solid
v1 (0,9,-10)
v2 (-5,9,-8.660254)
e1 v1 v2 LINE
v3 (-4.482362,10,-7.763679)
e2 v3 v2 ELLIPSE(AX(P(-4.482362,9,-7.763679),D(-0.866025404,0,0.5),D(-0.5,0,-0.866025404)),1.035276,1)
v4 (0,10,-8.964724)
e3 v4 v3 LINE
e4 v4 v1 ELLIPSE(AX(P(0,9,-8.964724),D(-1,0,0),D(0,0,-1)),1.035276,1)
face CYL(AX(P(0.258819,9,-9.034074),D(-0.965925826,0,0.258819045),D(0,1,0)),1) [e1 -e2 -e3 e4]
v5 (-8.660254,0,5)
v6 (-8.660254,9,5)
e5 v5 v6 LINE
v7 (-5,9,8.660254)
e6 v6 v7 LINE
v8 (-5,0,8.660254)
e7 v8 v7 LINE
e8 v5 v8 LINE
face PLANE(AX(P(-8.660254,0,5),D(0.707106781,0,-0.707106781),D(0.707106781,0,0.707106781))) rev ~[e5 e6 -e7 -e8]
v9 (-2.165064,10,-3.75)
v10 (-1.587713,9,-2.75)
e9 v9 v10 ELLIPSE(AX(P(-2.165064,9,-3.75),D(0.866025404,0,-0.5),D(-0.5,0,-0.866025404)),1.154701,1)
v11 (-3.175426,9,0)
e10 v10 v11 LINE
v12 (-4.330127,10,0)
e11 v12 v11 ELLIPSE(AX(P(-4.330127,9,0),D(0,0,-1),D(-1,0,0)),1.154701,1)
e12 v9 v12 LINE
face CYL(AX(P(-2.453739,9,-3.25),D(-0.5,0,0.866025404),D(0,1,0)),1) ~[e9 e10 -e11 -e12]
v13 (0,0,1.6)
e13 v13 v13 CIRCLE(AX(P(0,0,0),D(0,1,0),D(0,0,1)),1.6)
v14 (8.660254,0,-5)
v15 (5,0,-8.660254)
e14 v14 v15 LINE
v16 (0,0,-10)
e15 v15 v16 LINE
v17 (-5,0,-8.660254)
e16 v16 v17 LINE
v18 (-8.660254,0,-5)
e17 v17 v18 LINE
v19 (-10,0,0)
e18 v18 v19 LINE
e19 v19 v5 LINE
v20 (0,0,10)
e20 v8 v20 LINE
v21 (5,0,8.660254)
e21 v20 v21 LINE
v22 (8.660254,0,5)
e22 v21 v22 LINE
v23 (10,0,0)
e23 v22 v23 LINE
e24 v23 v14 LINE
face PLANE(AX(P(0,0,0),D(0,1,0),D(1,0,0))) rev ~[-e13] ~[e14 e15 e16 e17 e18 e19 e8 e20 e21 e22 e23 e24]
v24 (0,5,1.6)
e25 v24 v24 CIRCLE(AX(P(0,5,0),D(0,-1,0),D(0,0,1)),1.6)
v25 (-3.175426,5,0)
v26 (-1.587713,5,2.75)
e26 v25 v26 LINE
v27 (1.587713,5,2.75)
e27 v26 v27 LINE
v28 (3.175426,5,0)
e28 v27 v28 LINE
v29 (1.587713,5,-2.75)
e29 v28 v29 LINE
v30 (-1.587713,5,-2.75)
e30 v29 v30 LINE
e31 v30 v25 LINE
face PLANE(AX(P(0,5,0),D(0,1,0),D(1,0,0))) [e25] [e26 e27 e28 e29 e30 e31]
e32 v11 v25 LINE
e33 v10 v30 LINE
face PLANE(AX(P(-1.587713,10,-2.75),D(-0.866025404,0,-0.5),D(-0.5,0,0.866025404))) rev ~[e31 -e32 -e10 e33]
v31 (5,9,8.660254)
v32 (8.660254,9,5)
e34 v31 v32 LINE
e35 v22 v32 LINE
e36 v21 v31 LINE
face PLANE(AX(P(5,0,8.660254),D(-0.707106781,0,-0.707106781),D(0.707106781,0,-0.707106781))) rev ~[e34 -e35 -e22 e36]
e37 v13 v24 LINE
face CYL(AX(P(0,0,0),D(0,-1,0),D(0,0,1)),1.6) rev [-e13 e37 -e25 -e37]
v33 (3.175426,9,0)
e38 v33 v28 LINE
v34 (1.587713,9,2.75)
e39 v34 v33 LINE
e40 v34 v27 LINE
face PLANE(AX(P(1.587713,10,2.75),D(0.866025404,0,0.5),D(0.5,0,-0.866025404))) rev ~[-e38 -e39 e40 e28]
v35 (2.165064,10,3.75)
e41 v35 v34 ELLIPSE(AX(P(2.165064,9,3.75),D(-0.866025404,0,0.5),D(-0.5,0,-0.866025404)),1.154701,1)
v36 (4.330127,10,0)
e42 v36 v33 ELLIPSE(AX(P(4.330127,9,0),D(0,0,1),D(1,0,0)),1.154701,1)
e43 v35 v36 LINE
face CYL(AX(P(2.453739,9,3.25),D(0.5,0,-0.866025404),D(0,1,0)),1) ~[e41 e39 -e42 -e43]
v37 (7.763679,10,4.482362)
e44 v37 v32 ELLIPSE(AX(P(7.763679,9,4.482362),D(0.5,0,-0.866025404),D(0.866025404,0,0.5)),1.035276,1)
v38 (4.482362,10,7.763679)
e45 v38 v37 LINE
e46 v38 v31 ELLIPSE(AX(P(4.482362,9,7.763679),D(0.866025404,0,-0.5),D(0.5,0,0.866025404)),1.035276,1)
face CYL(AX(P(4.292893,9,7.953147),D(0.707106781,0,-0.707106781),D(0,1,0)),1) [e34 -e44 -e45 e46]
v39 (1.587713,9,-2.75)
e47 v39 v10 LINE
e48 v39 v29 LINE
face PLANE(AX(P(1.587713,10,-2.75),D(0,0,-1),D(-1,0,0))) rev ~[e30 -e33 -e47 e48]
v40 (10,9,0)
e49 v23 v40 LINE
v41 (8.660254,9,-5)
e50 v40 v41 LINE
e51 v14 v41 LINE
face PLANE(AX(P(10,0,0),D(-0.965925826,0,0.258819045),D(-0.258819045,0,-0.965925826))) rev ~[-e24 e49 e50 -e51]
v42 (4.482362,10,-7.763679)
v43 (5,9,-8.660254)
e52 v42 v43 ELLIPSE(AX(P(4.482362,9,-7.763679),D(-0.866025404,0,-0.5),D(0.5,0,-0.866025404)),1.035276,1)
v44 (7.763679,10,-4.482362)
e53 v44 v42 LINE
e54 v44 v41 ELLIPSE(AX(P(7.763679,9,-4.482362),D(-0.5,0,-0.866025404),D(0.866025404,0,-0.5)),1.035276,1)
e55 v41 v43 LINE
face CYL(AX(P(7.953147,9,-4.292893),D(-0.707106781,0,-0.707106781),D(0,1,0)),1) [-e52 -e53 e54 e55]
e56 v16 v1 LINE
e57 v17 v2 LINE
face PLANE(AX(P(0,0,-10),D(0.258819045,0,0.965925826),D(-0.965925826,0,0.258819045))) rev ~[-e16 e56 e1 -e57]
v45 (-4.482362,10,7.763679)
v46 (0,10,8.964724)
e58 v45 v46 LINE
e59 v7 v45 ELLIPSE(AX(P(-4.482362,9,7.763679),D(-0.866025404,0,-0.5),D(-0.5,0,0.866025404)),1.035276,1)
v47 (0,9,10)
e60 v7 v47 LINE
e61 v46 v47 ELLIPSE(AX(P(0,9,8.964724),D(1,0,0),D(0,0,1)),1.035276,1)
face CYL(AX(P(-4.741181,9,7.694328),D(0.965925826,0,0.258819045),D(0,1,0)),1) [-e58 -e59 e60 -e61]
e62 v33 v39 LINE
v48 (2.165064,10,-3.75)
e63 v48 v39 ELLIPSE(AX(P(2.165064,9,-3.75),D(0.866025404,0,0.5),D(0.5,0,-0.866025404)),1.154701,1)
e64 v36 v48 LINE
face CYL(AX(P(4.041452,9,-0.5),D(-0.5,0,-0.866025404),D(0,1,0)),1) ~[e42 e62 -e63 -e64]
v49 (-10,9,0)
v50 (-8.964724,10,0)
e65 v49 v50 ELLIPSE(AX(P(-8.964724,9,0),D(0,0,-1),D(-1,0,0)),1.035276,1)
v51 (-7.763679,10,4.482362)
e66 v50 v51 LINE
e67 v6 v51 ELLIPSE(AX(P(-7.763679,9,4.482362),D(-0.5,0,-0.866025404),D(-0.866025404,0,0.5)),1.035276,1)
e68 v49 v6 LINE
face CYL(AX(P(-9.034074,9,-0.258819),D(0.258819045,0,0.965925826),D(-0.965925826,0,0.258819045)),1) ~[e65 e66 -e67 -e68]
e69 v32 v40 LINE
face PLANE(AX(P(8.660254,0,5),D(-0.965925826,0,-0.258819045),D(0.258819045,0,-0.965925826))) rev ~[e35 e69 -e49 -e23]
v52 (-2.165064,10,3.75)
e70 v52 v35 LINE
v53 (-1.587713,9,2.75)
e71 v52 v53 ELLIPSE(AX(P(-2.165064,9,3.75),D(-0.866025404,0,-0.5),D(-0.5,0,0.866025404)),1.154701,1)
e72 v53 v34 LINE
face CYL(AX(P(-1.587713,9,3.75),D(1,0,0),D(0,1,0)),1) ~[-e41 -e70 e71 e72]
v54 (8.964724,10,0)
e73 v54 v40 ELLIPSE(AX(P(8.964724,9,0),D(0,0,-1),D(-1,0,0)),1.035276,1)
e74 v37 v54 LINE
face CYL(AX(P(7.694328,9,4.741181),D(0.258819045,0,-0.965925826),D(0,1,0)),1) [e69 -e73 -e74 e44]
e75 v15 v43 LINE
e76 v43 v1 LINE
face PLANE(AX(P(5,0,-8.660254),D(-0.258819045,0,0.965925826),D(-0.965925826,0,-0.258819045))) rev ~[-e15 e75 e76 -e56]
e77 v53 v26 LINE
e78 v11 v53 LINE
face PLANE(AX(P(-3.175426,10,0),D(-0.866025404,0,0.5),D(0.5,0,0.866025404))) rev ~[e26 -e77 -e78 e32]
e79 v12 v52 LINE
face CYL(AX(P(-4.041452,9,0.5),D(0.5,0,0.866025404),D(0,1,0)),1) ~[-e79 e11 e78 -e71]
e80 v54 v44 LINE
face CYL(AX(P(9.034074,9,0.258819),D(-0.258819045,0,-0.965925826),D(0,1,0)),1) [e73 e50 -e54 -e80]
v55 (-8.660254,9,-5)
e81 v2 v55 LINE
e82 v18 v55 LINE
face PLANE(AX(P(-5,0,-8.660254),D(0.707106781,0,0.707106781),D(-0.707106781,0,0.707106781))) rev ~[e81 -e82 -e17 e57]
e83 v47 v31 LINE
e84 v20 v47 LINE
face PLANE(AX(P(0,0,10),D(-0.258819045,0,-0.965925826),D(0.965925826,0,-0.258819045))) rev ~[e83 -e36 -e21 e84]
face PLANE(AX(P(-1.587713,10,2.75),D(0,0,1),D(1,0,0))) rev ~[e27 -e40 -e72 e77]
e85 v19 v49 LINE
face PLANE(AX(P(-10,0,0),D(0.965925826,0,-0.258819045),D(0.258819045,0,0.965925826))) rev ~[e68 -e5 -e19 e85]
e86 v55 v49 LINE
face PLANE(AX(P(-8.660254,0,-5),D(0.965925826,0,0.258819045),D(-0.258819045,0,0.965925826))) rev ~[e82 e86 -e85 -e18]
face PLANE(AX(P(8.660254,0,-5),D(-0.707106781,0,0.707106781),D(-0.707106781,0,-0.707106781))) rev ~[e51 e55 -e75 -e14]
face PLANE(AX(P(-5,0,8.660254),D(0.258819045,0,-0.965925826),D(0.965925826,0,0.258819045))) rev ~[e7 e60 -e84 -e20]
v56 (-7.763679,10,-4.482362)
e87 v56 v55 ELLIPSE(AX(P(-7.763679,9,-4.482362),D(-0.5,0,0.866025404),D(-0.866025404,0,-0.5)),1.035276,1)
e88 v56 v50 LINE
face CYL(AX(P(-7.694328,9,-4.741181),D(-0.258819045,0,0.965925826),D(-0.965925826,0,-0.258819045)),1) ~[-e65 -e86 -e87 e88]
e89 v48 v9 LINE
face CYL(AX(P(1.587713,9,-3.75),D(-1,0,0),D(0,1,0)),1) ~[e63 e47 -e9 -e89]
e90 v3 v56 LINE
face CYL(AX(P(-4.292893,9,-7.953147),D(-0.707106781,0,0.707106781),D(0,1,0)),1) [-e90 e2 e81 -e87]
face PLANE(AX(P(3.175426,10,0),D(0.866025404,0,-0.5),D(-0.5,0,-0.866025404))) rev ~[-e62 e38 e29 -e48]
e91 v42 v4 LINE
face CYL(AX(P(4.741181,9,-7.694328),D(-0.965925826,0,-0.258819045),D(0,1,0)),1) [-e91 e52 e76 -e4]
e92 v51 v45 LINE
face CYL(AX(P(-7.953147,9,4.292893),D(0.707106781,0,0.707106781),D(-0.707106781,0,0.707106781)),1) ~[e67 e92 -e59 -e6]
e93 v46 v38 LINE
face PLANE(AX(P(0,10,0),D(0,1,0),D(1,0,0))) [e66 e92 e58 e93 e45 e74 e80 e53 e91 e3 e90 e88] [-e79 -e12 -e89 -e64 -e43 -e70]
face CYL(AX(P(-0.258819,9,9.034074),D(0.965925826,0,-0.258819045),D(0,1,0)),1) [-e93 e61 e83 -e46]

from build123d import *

# Parameters (mm, degrees)
SKETCH1_R           = 1.6
BOSS_EXTRUDE1_DEPTH = 10
CUT_EXTRUDE1_DEPTH  = 5
FILLET1_R           = 1


with BuildPart() as part:
    # Sketch1 → Boss-Extrude1 (new body)
    with BuildSketch(Plane(origin=(0, 0, 0), x_dir=(1, 0, 0), z_dir=(0, 1, 0))):
        Polygon((-10, 0), (-8.660254038, -5), (-5, -8.660254038), (0, -10), (5, -8.660254038), (8.660254038, -5), (10, 0), (8.660254038, 5), (5, 8.660254038), (0, 10), (-5, 8.660254038), (-8.660254038, 5), align=None)
        with Locations(Location((0, 0, 0), (0, 0, 270))):
            Circle(SKETCH1_R, mode=Mode.SUBTRACT)
    extrude(amount=BOSS_EXTRUDE1_DEPTH)

    # Sketch2 → Cut-Extrude1 (cut)
    with BuildSketch(Plane(origin=(0, 10, 0), x_dir=(1, 0, 0), z_dir=(0, 1, 0))):
        Polygon((3.175426481, 0), (1.58771324, 2.75), (-1.58771324, 2.75), (-3.175426481, 0), (-1.58771324, -2.75), (1.58771324, -2.75), align=None)
    extrude(amount=-CUT_EXTRUDE1_DEPTH, mode=Mode.SUBTRACT)

    # Fillet1
    fillet1_edges = [part.edges().sort_by_distance(p)[0] for p in [
        (9.330127019, 10, -2.5),
        (6.830127019, 10, -6.830127019),
        (2.5, 10, -9.330127019),
        (-2.5, 10, -9.330127019),
        (-6.830127019, 10, -6.830127019),
        (-9.330127019, 10, -2.5),
        (-9.330127019, 10, 2.5),
        (-6.830127019, 10, 6.830127019),
        (-2.5, 10, 9.330127019),
        (2.38156986, 10, 1.375),
        (2.38156986, 10, -1.375),
        (0, 10, -2.75),
        (-2.38156986, 10, -1.375),
        (-2.38156986, 10, 1.375),
        (0, 10, 2.75),
        (2.5, 10, 9.330127019),
        (6.830127019, 10, 6.830127019),
        (9.330127019, 10, 2.5),
    ]]
    fillet(fillet1_edges, radius=FILLET1_R)


solid = part.part
